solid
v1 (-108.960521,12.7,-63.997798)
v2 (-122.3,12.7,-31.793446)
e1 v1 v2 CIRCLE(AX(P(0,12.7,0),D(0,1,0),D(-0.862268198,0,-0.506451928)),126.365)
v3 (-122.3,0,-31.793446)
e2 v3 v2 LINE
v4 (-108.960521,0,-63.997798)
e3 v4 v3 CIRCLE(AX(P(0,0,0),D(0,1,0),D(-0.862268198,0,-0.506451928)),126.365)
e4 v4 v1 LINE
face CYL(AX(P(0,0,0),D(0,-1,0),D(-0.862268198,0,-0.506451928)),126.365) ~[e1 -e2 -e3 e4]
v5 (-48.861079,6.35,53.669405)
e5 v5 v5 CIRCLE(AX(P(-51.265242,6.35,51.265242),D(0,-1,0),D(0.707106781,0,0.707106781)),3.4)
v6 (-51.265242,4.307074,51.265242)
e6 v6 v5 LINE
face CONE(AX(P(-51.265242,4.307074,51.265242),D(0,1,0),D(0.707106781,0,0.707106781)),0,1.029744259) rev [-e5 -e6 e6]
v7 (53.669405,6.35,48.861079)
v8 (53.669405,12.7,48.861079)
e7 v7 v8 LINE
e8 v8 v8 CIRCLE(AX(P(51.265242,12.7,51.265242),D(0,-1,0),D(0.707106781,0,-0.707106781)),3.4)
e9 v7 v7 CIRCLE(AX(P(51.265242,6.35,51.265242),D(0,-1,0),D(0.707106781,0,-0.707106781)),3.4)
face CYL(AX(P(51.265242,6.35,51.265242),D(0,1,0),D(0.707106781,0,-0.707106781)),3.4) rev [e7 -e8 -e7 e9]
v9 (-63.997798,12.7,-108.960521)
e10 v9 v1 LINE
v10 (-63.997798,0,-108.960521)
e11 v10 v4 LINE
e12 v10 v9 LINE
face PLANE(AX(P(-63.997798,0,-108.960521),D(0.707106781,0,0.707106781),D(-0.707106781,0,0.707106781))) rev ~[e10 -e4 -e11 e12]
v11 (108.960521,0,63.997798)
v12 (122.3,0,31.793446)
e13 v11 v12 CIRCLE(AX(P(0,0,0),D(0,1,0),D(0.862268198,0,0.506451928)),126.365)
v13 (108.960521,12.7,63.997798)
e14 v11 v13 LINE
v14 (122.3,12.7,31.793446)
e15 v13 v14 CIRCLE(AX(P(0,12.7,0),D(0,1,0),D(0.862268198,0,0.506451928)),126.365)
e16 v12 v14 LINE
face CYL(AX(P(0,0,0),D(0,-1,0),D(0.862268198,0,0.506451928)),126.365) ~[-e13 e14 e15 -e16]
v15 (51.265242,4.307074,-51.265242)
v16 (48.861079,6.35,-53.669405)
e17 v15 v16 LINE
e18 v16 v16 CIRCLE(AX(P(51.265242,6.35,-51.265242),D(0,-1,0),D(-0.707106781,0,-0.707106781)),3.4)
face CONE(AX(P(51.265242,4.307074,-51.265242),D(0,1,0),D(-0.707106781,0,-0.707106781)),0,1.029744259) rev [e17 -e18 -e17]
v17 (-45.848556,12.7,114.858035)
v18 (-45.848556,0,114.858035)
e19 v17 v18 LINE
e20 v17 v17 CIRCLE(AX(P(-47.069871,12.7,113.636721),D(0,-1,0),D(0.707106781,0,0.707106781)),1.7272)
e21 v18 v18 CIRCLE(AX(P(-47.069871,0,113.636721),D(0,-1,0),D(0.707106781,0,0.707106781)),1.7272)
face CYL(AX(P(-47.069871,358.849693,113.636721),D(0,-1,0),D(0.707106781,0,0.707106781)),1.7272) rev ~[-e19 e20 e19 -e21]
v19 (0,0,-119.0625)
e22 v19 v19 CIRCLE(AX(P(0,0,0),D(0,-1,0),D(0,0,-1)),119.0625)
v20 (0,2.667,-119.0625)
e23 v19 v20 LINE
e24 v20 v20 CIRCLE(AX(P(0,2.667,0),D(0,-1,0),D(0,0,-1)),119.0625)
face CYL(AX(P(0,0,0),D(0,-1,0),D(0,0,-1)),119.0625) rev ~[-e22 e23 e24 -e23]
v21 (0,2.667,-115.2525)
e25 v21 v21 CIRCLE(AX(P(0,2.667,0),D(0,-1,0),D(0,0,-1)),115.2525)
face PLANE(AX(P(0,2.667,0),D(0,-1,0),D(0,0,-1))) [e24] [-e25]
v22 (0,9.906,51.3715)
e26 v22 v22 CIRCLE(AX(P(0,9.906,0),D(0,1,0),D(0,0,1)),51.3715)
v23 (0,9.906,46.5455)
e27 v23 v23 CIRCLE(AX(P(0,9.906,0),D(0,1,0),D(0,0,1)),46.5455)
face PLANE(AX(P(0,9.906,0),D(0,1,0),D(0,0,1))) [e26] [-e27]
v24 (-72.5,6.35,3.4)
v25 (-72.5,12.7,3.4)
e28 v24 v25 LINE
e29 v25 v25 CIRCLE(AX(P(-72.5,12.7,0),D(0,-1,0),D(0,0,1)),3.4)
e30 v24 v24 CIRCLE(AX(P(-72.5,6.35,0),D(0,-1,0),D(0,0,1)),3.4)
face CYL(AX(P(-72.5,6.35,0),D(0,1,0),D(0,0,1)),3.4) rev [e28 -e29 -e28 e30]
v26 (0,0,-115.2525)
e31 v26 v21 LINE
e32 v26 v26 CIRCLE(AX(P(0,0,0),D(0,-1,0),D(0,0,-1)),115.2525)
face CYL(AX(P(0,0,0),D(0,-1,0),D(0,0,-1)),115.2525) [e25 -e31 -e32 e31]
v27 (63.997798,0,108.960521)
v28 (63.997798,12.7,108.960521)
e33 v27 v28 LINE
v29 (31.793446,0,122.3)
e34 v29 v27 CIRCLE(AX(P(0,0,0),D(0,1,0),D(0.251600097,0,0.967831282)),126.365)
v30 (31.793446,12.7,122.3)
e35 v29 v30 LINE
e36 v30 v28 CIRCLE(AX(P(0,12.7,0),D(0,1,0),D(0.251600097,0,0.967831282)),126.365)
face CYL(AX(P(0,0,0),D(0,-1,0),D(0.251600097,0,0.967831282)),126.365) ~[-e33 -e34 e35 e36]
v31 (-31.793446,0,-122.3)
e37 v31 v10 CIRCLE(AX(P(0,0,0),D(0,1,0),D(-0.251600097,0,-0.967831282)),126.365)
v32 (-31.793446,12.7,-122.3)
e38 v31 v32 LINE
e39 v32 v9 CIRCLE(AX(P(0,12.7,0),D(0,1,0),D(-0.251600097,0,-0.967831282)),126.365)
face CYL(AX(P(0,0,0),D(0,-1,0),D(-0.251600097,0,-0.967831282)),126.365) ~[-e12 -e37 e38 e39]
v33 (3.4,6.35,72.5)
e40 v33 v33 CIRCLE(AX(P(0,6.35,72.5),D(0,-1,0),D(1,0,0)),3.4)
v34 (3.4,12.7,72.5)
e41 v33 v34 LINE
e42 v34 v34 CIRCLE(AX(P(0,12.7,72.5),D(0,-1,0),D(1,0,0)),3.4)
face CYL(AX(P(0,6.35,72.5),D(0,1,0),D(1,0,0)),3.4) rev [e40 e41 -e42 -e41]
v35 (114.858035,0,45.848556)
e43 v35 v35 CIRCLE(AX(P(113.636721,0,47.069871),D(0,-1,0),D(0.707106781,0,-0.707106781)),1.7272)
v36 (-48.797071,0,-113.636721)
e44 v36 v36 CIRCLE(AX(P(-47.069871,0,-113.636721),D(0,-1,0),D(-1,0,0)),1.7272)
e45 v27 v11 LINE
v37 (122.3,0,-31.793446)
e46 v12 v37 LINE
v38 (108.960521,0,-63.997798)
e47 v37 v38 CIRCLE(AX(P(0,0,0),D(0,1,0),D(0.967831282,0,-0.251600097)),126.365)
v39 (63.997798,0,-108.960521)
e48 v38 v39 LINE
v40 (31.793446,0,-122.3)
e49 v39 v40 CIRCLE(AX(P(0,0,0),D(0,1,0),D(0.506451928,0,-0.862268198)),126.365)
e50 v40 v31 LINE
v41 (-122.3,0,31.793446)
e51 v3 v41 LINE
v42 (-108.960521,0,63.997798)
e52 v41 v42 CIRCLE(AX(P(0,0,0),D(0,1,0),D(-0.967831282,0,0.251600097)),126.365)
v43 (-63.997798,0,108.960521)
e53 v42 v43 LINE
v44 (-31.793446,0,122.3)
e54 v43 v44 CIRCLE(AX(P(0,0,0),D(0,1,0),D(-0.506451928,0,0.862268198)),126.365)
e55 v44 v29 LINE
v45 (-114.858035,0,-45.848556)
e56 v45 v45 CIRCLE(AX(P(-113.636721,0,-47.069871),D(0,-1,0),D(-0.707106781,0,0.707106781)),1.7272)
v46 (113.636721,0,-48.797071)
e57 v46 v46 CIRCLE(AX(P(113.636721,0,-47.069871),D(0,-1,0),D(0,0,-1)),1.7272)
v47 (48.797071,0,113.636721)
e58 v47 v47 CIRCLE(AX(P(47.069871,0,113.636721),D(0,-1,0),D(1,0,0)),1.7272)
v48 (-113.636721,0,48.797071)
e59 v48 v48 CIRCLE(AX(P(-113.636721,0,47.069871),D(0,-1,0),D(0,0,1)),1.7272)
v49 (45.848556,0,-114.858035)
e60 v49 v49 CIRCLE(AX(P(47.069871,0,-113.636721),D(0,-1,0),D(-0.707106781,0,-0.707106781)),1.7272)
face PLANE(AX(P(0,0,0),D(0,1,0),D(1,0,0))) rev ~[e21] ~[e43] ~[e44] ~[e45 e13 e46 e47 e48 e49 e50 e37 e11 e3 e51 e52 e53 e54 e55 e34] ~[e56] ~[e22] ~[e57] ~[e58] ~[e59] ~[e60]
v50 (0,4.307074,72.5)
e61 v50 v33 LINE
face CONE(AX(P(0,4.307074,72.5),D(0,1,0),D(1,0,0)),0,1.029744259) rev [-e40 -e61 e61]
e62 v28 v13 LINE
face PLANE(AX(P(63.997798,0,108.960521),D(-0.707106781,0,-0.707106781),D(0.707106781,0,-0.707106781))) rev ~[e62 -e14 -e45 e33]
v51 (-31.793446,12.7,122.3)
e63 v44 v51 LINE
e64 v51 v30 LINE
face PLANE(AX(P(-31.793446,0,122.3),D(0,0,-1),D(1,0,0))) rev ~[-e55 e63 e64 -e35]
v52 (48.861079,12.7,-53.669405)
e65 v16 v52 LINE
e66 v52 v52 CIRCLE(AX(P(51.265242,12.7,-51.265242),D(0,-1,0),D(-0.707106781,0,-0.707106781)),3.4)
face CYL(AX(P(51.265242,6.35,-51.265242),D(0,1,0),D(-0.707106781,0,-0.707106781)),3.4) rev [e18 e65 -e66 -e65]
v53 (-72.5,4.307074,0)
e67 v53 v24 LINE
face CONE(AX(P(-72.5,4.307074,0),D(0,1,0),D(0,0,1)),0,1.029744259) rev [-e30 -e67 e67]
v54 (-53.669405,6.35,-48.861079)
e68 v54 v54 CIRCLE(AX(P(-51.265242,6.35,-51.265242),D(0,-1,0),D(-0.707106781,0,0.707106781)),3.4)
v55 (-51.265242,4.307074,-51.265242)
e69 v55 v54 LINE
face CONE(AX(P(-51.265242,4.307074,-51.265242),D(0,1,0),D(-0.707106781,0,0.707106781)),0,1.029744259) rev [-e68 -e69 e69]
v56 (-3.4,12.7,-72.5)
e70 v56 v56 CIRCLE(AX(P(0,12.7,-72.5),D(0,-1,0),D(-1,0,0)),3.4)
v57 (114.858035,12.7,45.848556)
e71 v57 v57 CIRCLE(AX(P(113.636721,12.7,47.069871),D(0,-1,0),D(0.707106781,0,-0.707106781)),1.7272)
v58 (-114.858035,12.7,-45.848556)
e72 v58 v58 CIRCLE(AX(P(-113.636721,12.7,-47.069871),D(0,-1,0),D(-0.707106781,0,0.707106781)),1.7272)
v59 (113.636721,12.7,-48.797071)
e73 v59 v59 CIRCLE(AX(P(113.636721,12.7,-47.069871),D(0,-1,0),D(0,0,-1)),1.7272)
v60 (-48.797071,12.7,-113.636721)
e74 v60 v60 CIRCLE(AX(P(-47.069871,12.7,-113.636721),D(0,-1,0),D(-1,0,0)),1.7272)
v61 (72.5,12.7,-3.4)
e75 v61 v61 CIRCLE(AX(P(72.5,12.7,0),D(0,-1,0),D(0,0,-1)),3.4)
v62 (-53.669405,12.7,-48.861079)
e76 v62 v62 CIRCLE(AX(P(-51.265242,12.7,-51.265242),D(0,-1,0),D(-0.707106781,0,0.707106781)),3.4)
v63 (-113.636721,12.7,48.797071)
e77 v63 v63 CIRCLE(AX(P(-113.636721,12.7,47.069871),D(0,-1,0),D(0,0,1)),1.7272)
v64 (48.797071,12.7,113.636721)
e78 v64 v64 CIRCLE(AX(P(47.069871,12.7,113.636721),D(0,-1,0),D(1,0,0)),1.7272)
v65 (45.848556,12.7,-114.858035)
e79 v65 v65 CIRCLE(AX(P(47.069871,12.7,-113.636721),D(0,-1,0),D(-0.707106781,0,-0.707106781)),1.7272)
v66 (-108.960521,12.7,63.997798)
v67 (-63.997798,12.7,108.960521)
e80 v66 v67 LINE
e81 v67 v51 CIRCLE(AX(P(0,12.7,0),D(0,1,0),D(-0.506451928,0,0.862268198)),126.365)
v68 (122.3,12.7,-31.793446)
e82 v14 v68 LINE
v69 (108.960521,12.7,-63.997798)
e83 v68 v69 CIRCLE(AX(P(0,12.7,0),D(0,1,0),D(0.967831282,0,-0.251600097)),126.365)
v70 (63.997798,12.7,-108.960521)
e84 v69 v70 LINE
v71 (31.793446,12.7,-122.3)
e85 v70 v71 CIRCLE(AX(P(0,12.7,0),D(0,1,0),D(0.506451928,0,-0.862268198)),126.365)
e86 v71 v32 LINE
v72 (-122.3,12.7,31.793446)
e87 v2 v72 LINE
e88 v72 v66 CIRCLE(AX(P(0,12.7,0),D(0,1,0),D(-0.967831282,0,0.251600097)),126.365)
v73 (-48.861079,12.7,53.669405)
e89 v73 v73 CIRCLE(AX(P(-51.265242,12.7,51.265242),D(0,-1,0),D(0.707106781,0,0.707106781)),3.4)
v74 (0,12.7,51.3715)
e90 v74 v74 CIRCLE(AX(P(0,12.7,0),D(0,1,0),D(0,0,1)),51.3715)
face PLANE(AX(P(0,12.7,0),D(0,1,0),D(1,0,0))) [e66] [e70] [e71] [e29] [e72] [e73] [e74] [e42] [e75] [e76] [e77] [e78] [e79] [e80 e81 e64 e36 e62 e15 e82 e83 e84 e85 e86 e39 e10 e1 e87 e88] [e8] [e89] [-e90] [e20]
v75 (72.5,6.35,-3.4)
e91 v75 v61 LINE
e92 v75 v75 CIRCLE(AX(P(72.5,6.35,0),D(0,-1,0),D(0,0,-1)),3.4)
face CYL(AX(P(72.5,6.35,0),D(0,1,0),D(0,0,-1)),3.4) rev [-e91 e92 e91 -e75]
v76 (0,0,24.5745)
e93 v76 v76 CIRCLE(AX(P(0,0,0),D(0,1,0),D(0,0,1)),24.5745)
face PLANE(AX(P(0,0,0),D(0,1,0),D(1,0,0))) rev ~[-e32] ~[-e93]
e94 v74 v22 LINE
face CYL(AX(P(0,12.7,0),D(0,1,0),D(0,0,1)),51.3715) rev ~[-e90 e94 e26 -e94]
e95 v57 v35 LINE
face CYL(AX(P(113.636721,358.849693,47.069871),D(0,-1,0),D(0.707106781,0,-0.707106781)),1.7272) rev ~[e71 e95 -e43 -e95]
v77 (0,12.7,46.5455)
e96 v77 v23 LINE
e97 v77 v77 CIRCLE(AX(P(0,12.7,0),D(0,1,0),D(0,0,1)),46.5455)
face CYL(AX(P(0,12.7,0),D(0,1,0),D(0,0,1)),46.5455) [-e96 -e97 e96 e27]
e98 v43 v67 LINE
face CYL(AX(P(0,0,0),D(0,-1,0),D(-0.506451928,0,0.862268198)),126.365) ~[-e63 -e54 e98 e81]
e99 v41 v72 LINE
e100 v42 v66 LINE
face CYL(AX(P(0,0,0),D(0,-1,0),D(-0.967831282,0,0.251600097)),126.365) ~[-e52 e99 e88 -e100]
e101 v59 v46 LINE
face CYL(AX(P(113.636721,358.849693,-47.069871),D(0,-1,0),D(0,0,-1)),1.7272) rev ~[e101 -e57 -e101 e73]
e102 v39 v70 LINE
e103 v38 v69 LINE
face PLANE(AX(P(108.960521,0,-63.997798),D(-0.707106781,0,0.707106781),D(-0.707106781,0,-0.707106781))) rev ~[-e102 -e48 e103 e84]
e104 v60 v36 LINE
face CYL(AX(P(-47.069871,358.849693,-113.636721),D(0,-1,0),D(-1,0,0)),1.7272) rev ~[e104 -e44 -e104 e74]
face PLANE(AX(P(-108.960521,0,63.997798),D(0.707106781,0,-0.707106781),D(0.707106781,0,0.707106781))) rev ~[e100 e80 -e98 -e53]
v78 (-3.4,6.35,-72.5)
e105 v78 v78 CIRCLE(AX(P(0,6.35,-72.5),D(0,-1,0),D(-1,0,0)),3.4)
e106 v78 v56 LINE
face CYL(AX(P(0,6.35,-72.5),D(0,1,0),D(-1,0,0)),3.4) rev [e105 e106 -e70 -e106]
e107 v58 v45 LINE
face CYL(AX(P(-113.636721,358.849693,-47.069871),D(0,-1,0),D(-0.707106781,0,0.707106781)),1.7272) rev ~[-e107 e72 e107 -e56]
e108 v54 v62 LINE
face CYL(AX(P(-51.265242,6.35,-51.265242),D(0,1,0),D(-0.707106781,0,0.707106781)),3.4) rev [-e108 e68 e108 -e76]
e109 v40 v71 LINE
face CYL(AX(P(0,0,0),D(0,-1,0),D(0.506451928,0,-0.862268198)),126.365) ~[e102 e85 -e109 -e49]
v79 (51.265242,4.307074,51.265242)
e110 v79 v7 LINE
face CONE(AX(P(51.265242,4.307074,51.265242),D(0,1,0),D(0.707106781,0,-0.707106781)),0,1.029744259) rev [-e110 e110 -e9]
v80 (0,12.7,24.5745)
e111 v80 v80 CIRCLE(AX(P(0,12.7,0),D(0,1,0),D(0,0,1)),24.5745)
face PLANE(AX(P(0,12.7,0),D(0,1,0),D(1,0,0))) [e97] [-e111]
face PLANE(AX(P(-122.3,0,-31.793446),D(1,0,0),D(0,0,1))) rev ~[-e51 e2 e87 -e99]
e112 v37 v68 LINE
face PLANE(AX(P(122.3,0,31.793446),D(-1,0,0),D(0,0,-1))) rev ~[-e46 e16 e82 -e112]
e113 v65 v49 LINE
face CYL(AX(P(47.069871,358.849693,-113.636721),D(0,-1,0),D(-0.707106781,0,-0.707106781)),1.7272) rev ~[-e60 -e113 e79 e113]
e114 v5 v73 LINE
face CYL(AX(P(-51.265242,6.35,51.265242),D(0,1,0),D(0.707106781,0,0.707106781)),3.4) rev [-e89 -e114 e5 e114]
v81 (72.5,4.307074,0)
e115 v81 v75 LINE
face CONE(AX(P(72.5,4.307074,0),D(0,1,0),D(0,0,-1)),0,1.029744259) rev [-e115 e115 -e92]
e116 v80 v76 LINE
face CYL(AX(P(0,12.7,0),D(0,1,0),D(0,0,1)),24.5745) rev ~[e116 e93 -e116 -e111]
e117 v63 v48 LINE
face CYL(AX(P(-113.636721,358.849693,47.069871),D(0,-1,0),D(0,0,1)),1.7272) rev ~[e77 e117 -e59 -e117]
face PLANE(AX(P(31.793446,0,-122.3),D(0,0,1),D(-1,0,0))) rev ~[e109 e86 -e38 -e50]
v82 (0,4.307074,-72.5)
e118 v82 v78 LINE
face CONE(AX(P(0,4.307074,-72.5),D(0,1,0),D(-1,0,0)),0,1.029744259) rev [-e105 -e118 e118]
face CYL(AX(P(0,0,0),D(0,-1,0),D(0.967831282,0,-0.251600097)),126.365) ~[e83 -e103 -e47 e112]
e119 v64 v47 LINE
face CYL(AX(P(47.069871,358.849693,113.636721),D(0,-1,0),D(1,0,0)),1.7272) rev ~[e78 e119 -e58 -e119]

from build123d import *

# Parameters (mm, degrees)
BOSS_EXTRUDE1_DEPTH   = 12.7
SKETCH3_R             = 24.5745
CUT_EXTRUDE1_DEPTH    = 174.423960282
SKETCH5_R             = 51.3715
SKETCH5_R_2           = 46.5455
CUT_EXTRUDE2_DEPTH    = 2.794
SKETCH37_R            = 119.0625
SKETCH37_R_2          = 115.2525
CUT_EXTRUDE7_DEPTH    = 2.667
CIRPATTERN4_COUNT     = 8
F_8_32_TAPPED_HOLE1_D = 3.4544
CIRPATTERN5_COUNT     = 8


with BuildPart() as part:
    # Sketch1 → Boss-Extrude1 (new body)
    with BuildSketch(Plane(origin=(0, 0, 0), x_dir=(1, 0, 0), z_dir=(0, 1, 0))):
        with BuildLine():
            ThreePointArc((-31.793446259, 122.3), (-48.357791931, 116.746037126), (-63.997797892, 108.960520786))
            Line((-63.997797892, 108.960520786), (-108.960520786, 63.997797892))
            ThreePointArc((-108.960520786, 63.997797892), (-116.746037126, 48.357791931), (-122.3, 31.793446259))
            Line((-122.3, 31.793446259), (-122.3, -31.793446259))
            ThreePointArc((-122.3, -31.793446259), (-116.746037126, -48.357791931), (-108.960520786, -63.997797892))
            Line((-108.960520786, -63.997797892), (-63.997797892, -108.960520786))
            ThreePointArc((-63.997797892, -108.960520786), (-48.357791931, -116.746037126), (-31.793446259, -122.3))
            Line((-31.793446259, -122.3), (31.793446259, -122.3))
            ThreePointArc((31.793446259, -122.3), (48.357791931, -116.746037126), (63.997797892, -108.960520786))
            Line((63.997797892, -108.960520786), (108.960520786, -63.997797892))
            ThreePointArc((108.960520786, -63.997797892), (116.746037126, -48.357791931), (122.3, -31.793446259))
            Line((122.3, -31.793446259), (122.3, 31.793446259))
            ThreePointArc((122.3, 31.793446259), (116.746037126, 48.357791931), (108.960520786, 63.997797892))
            Line((108.960520786, 63.997797892), (63.997797892, 108.960520786))
            ThreePointArc((63.997797892, 108.960520786), (48.357791931, 116.746037126), (31.793446259, 122.3))
            Line((31.793446259, 122.3), (-31.793446259, 122.3))
        make_face()
    extrude(amount=BOSS_EXTRUDE1_DEPTH)

    # Sketch3 → Cut-Extrude1 (cut, through all)
    with BuildSketch(Plane(origin=(0, 12.7, 0), x_dir=(1, 0, 0), z_dir=(0, 1, 0))):
        with Locations(Location((0, 0, 0), (0, 0, 270))):
            Circle(SKETCH3_R)
    extrude(amount=-CUT_EXTRUDE1_DEPTH, mode=Mode.SUBTRACT)

    # Sketch5 → Cut-Extrude2 (cut)
    with BuildSketch(Plane(origin=(0, 12.7, 0), x_dir=(1, 0, 0), z_dir=(0, 1, 0))):
        with Locations(Location((0, 0, 0), (0, 0, 270))):
            Circle(SKETCH5_R)
        with Locations(Location((0, 0, 0), (0, 0, 270))):
            Circle(SKETCH5_R_2, mode=Mode.SUBTRACT)
    extrude(amount=-CUT_EXTRUDE2_DEPTH, mode=Mode.SUBTRACT)

    # Sketch23 → M8x1.25 Tapped Hole1 (revolve, cut)
    with BuildSketch(Plane(origin=(-72.5, 12.7, 0), x_dir=(0, 0, 1), z_dir=(1, 0, 0))):
        Polygon((0, 0), (0, 8.392926105), (3.4, 6.35), (3.4, 0), align=None)
    m8x1_25_tapped_hole1 = revolve(axis=Axis((-72.5, 19.05, 0), (0, -1, 0)), mode=Mode.SUBTRACT)

    # Sketch37 → Cut-Extrude7 (cut)
    with BuildSketch(Plane.XZ):
        with Locations(Location((0, 0, 0), (0, 0, 270))):
            Circle(SKETCH37_R)
        with Locations(Location((0, 0, 0), (0, 0, 270))):
            Circle(SKETCH37_R_2, mode=Mode.SUBTRACT)
    extrude(amount=-CUT_EXTRUDE7_DEPTH, mode=Mode.SUBTRACT)

    # CirPattern4: M8x1.25 Tapped Hole1 ×8 about axis
    cirpattern4_axis = Axis((0, 0, 0), (0, 1, 0))
    for i in range(1, CIRPATTERN4_COUNT):
        add(m8x1_25_tapped_hole1.rotate(cirpattern4_axis, i * 360 / CIRPATTERN4_COUNT), mode=Mode.SUBTRACT)

    # #8-32 Tapped Hole1 (through all)
    with Locations(Plane(origin=(0, 12.7, 0), x_dir=(1, 0, 0), z_dir=(0, 1, 0))):
        with Locations((-47.069870839, 113.636720559)):
            f_8_32_tapped_hole1 = Hole(F_8_32_TAPPED_HOLE1_D / 2)

    # CirPattern5: #8-32 Tapped Hole1 ×8 about axis
    cirpattern5_axis = Axis((0, 0, 0), (0, 1, 0))
    for i in range(1, CIRPATTERN5_COUNT):
        add(f_8_32_tapped_hole1.rotate(cirpattern5_axis, i * 360 / CIRPATTERN5_COUNT), mode=Mode.SUBTRACT)


solid = part.part
